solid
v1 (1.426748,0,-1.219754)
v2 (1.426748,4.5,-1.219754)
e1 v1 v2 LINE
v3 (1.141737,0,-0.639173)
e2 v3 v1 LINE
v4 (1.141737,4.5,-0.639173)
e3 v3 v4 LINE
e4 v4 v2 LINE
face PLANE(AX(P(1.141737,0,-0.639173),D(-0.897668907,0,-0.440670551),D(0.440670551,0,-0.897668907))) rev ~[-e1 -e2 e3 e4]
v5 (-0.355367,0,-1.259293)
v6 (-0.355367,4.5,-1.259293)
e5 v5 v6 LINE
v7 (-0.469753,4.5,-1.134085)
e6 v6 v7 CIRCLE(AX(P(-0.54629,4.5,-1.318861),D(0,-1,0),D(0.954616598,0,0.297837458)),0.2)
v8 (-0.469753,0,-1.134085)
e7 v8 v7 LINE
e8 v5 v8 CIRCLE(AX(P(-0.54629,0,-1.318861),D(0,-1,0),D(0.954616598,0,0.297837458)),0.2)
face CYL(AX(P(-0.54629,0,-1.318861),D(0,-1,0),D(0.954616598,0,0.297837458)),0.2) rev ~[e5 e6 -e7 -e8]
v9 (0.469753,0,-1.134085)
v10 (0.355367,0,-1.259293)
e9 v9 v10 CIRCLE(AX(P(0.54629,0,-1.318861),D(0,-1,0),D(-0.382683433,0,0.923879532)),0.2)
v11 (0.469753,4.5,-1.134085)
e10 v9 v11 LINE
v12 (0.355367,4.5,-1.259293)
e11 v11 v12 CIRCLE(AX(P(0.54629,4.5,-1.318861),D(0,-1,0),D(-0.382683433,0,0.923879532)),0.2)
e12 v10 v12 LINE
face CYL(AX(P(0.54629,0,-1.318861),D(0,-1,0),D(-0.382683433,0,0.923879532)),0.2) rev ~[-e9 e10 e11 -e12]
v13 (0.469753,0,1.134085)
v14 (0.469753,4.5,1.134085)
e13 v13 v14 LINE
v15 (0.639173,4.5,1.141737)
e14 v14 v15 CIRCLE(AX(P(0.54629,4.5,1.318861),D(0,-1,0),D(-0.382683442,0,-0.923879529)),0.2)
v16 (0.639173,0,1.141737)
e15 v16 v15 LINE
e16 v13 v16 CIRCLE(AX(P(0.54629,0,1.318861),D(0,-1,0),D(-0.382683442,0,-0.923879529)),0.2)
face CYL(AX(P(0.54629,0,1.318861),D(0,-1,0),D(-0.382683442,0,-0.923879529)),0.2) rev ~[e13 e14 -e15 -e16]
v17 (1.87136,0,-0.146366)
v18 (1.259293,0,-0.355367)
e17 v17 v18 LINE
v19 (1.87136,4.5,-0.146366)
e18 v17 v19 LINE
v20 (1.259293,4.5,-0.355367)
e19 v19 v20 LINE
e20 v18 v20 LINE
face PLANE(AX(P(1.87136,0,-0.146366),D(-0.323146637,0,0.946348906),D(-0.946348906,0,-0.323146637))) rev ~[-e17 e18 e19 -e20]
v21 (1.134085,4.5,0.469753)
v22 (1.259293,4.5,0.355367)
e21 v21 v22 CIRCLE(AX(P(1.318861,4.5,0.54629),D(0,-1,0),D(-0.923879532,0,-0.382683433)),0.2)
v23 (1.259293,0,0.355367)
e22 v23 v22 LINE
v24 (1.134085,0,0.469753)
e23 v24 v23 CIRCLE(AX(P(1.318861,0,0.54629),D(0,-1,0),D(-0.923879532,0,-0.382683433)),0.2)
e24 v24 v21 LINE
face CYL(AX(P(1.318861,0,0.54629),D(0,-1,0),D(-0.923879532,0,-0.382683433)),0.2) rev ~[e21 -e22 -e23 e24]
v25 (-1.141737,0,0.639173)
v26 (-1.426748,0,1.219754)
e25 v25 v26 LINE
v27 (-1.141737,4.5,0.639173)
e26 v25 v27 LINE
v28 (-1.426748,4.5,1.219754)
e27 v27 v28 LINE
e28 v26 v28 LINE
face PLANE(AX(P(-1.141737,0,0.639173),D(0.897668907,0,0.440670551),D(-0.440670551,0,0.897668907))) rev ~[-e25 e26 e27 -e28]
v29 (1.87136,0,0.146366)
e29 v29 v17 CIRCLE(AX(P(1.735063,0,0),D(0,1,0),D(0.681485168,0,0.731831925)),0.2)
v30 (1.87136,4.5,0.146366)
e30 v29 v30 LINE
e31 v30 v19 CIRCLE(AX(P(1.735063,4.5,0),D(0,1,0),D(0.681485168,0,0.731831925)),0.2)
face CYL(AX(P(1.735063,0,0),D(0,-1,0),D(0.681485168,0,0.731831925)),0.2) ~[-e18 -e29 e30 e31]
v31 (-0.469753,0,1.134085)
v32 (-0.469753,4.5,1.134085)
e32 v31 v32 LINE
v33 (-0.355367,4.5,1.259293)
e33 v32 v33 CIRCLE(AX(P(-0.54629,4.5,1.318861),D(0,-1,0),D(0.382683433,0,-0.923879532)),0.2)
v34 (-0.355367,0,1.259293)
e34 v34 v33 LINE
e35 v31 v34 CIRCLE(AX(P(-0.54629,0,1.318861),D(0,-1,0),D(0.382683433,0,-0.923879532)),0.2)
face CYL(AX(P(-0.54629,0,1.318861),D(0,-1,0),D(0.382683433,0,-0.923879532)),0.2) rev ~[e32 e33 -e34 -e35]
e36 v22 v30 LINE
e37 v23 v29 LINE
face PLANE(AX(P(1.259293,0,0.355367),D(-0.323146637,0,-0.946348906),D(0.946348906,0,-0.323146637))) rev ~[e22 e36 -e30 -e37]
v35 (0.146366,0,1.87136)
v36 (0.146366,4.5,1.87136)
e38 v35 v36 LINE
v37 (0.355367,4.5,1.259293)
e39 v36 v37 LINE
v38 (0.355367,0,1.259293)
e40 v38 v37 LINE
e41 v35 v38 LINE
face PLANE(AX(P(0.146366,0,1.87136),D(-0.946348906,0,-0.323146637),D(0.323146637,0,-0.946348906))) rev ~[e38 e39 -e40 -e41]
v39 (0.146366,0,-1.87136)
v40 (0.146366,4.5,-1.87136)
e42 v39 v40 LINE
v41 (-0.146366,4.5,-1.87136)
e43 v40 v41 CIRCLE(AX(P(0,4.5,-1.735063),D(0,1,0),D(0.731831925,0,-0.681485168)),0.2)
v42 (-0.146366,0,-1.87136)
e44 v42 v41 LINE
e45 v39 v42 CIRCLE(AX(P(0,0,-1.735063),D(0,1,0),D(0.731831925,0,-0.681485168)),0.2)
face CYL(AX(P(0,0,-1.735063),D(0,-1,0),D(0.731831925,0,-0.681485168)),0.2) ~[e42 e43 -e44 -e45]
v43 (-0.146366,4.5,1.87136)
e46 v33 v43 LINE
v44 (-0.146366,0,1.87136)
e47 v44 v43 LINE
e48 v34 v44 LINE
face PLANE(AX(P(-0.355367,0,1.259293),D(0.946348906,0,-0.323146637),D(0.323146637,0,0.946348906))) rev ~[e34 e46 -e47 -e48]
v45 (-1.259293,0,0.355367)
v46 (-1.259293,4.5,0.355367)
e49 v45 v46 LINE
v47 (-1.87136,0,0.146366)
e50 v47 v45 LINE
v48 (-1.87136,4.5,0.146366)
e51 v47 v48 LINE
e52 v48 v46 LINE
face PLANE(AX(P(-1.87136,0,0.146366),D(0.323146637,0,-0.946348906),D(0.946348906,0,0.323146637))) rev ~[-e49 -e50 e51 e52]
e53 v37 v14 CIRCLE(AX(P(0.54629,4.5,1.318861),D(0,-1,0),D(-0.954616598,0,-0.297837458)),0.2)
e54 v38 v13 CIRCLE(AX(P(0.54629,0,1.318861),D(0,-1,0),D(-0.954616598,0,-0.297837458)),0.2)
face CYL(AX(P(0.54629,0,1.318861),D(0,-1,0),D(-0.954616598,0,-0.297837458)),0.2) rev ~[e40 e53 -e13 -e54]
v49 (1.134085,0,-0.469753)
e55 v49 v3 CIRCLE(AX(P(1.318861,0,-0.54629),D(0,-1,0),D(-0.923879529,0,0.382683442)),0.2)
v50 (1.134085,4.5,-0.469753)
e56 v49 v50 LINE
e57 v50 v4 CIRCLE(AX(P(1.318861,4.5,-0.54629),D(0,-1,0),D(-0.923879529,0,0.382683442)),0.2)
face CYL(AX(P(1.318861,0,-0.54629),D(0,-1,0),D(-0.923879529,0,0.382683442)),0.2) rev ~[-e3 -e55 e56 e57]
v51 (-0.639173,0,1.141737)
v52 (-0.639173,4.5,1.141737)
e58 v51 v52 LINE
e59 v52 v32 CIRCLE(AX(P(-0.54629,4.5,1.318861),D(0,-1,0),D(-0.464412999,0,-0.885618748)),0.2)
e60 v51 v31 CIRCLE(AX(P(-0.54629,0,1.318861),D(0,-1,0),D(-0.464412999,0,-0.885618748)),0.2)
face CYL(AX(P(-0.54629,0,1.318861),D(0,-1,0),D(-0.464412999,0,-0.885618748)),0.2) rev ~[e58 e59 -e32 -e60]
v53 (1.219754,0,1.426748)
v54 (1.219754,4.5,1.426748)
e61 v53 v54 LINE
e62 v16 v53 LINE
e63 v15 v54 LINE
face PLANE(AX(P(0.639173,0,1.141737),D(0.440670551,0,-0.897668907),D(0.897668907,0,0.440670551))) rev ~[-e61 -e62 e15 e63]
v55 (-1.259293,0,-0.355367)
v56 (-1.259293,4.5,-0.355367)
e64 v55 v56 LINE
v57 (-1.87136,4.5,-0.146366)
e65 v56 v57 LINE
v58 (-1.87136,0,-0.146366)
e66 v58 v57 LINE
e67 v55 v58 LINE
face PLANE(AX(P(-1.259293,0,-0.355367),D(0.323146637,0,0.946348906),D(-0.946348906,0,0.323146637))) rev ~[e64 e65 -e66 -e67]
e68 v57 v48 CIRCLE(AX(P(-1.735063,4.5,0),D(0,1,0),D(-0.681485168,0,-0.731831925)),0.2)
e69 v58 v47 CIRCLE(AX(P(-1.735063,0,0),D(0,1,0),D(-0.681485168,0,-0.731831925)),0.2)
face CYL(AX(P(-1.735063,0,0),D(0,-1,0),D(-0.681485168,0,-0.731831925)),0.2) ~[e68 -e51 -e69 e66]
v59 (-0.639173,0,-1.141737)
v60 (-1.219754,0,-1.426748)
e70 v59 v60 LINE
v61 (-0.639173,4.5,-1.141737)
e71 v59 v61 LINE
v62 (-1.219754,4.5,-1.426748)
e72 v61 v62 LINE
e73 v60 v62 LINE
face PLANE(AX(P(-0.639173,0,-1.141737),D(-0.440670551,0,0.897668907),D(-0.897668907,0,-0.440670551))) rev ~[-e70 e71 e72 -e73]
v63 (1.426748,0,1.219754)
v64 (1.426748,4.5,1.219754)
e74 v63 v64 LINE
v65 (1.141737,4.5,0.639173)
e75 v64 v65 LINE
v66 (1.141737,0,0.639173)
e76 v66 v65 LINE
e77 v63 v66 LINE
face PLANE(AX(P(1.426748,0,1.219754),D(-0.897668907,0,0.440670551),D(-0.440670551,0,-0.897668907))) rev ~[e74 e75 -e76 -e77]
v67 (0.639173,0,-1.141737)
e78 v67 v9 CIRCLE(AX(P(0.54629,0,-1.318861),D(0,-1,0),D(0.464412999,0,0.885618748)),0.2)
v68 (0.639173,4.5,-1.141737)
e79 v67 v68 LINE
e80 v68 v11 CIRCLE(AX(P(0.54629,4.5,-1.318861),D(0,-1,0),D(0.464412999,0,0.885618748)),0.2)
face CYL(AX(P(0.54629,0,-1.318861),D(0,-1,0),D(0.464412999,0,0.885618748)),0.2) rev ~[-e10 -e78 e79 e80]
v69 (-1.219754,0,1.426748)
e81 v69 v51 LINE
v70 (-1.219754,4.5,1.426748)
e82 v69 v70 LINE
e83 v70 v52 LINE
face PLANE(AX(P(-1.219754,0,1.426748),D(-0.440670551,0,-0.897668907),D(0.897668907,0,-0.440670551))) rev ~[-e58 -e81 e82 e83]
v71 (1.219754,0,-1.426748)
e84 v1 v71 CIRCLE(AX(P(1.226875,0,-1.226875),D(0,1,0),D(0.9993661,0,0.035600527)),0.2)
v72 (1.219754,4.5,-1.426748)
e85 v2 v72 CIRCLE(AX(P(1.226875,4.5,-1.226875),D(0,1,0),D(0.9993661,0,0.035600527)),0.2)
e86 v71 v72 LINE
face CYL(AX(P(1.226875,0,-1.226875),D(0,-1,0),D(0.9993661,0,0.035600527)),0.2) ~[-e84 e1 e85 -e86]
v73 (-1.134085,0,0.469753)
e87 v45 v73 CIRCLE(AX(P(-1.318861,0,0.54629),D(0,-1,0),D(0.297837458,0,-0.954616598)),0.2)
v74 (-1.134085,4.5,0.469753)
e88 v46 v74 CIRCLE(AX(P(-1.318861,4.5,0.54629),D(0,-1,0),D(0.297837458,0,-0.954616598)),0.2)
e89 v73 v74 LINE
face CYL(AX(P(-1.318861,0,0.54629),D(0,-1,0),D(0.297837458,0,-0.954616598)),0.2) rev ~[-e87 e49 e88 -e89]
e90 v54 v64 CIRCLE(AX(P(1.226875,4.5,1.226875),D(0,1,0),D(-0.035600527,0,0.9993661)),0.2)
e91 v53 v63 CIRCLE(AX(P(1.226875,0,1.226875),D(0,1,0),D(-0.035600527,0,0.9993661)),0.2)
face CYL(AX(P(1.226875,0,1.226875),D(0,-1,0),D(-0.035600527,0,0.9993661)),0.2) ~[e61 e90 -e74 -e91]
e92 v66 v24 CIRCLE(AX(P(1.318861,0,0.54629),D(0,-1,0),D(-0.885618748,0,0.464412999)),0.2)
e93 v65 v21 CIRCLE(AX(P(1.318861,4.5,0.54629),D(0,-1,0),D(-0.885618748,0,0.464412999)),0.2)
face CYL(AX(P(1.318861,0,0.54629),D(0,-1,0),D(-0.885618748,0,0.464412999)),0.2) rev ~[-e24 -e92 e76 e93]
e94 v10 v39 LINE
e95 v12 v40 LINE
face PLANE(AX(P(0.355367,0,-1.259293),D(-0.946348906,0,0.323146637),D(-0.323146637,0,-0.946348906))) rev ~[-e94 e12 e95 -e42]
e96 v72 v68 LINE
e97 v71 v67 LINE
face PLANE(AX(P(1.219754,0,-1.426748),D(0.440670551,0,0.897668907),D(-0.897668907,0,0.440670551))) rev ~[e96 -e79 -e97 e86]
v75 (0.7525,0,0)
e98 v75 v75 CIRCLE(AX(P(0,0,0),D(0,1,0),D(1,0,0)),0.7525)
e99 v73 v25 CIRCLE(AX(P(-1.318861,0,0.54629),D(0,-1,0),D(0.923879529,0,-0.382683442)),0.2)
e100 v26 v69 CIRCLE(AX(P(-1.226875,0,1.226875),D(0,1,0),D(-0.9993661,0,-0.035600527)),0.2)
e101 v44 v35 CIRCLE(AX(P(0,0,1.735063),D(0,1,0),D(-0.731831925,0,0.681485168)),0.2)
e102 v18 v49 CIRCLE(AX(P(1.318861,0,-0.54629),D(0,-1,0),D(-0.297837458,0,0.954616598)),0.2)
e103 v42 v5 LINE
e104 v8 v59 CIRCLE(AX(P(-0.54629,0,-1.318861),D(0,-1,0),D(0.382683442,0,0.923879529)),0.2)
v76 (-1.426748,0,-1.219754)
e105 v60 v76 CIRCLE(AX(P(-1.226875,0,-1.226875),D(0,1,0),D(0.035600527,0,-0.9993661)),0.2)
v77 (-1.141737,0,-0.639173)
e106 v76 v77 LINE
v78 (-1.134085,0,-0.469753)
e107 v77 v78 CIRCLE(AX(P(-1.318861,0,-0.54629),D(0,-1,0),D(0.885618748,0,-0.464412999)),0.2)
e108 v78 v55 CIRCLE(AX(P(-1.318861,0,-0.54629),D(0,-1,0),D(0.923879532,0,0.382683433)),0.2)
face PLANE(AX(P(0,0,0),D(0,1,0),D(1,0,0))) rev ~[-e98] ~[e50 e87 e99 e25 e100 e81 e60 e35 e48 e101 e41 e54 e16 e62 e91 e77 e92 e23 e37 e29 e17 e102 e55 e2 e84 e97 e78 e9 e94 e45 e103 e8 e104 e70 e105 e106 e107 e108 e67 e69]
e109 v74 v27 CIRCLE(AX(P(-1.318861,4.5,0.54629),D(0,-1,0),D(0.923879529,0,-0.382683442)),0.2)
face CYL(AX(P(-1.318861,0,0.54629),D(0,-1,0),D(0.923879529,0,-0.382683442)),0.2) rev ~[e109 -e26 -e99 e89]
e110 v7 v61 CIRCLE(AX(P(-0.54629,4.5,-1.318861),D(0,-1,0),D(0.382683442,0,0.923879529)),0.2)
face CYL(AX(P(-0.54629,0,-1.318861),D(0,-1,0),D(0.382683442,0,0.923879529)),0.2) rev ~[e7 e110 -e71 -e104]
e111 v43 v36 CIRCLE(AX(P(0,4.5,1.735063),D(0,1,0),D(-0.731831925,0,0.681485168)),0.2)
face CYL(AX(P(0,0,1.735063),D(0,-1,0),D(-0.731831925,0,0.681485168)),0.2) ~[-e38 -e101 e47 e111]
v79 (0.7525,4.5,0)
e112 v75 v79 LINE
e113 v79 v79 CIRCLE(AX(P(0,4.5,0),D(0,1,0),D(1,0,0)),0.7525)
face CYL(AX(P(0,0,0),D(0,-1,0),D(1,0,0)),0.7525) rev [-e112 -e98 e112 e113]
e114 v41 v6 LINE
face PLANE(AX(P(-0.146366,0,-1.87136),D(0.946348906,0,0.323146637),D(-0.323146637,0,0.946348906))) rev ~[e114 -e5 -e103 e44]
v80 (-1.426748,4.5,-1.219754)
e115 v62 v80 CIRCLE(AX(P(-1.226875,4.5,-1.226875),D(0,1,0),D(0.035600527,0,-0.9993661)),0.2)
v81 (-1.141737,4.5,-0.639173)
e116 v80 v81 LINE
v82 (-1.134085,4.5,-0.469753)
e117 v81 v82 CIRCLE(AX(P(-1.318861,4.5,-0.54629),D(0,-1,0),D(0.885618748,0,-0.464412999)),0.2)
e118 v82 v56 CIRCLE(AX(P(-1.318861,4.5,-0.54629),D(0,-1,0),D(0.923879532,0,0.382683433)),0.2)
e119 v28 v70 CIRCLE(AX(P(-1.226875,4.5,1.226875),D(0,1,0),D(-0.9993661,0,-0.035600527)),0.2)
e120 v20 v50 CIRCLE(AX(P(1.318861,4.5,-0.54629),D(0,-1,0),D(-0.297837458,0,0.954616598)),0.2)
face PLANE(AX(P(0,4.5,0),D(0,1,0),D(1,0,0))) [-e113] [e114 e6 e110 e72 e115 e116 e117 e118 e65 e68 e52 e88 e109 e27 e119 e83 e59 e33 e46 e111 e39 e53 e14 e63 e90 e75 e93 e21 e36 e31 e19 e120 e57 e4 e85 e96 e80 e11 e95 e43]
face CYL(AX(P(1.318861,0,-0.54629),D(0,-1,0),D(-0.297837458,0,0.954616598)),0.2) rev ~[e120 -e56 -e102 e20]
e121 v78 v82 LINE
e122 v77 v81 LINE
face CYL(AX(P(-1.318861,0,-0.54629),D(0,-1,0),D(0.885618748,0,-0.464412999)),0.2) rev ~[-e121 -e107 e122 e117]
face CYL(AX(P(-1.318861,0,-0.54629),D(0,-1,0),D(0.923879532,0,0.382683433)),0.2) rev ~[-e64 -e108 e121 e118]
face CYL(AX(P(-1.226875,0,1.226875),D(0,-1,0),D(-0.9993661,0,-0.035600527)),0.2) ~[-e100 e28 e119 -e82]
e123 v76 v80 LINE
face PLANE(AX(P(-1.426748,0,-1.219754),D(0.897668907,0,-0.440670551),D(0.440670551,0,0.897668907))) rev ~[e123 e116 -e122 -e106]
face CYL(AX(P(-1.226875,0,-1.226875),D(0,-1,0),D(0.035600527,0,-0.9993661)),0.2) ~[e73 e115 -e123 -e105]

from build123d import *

# Parameters (mm, degrees)
SKETCH1_R           = 0.7525
BOSS_EXTRUDE1_DEPTH = 4.5


with BuildPart() as part:
    # Sketch1 → Boss-Extrude1 (new body)
    with BuildSketch(Plane(origin=(0, 0, 0), x_dir=(1, 0, 0), z_dir=(0, 1, 0))):
        with BuildLine():
            Line((-0.146366384, 1.87135971), (-0.355366692, 1.259293266))
            ThreePointArc((-0.355366692, 1.259293266), (-0.398631621, 1.183964502), (-0.469753326, 1.13408485))
            ThreePointArc((-0.469753326, 1.13408485), (-0.555314206, 1.11906445), (-0.63917261, 1.141737006))
            Line((-0.63917261, 1.141737006), (-1.219754478, 1.426747804))
            ThreePointArc((-1.219754478, 1.426747804), (-1.36829594, 1.36829594), (-1.426747804, 1.219754478))
            Line((-1.426747804, 1.219754478), (-1.141737006, 0.63917261))
            ThreePointArc((-1.141737006, 0.63917261), (-1.11906445, 0.555314206), (-1.13408485, 0.469753326))
            ThreePointArc((-1.13408485, 0.469753326), (-1.183964502, 0.398631621), (-1.259293266, 0.355366692))
            Line((-1.259293266, 0.355366692), (-1.87135971, 0.146366384))
            ThreePointArc((-1.87135971, 0.146366384), (-1.935062676, 0), (-1.87135971, -0.146366384))
            Line((-1.87135971, -0.146366384), (-1.259293266, -0.355366692))
            ThreePointArc((-1.259293266, -0.355366692), (-1.183964502, -0.398631621), (-1.13408485, -0.469753326))
            ThreePointArc((-1.13408485, -0.469753326), (-1.11906445, -0.555314206), (-1.141737006, -0.63917261))
            Line((-1.141737006, -0.63917261), (-1.426747804, -1.219754478))
            ThreePointArc((-1.426747804, -1.219754478), (-1.36829594, -1.36829594), (-1.219754478, -1.426747804))
            Line((-1.219754478, -1.426747804), (-0.63917261, -1.141737006))
            ThreePointArc((-0.63917261, -1.141737006), (-0.555314206, -1.11906445), (-0.469753326, -1.13408485))
            ThreePointArc((-0.469753326, -1.13408485), (-0.398631621, -1.183964502), (-0.355366692, -1.259293266))
            Line((-0.355366692, -1.259293266), (-0.146366384, -1.87135971))
            ThreePointArc((-0.146366384, -1.87135971), (0, -1.935062676), (0.146366384, -1.87135971))
            Line((0.146366384, -1.87135971), (0.355366692, -1.259293266))
            ThreePointArc((0.355366692, -1.259293266), (0.398631621, -1.183964502), (0.469753326, -1.13408485))
            ThreePointArc((0.469753326, -1.13408485), (0.555314206, -1.11906445), (0.63917261, -1.141737006))
            Line((0.63917261, -1.141737006), (1.219754478, -1.426747804))
            ThreePointArc((1.219754478, -1.426747804), (1.36829594, -1.36829594), (1.426747804, -1.219754478))
            Line((1.426747804, -1.219754478), (1.141737006, -0.63917261))
            ThreePointArc((1.141737006, -0.63917261), (1.11906445, -0.555314206), (1.13408485, -0.469753326))
            ThreePointArc((1.13408485, -0.469753326), (1.183964502, -0.398631621), (1.259293266, -0.355366692))
            Line((1.259293266, -0.355366692), (1.87135971, -0.146366384))
            ThreePointArc((1.87135971, -0.146366384), (1.935062676, 0), (1.87135971, 0.146366384))
            Line((1.87135971, 0.146366384), (1.259293266, 0.355366692))
            ThreePointArc((1.259293266, 0.355366692), (1.183964502, 0.398631621), (1.13408485, 0.469753326))
            ThreePointArc((1.13408485, 0.469753326), (1.11906445, 0.555314206), (1.141737006, 0.63917261))
            Line((1.141737006, 0.63917261), (1.426747804, 1.219754478))
            ThreePointArc((1.426747804, 1.219754478), (1.36829594, 1.36829594), (1.219754478, 1.426747804))
            Line((1.219754478, 1.426747804), (0.63917261, 1.141737006))
            ThreePointArc((0.63917261, 1.141737006), (0.555314206, 1.11906445), (0.469753326, 1.13408485))
            ThreePointArc((0.469753326, 1.13408485), (0.398631621, 1.183964502), (0.355366692, 1.259293266))
            Line((0.355366692, 1.259293266), (0.146366384, 1.87135971))
            ThreePointArc((0.146366384, 1.87135971), (0, 1.935062676), (-0.146366384, 1.87135971))
        make_face()
        Circle(SKETCH1_R, mode=Mode.SUBTRACT)
    extrude(amount=BOSS_EXTRUDE1_DEPTH)


solid = part.part
